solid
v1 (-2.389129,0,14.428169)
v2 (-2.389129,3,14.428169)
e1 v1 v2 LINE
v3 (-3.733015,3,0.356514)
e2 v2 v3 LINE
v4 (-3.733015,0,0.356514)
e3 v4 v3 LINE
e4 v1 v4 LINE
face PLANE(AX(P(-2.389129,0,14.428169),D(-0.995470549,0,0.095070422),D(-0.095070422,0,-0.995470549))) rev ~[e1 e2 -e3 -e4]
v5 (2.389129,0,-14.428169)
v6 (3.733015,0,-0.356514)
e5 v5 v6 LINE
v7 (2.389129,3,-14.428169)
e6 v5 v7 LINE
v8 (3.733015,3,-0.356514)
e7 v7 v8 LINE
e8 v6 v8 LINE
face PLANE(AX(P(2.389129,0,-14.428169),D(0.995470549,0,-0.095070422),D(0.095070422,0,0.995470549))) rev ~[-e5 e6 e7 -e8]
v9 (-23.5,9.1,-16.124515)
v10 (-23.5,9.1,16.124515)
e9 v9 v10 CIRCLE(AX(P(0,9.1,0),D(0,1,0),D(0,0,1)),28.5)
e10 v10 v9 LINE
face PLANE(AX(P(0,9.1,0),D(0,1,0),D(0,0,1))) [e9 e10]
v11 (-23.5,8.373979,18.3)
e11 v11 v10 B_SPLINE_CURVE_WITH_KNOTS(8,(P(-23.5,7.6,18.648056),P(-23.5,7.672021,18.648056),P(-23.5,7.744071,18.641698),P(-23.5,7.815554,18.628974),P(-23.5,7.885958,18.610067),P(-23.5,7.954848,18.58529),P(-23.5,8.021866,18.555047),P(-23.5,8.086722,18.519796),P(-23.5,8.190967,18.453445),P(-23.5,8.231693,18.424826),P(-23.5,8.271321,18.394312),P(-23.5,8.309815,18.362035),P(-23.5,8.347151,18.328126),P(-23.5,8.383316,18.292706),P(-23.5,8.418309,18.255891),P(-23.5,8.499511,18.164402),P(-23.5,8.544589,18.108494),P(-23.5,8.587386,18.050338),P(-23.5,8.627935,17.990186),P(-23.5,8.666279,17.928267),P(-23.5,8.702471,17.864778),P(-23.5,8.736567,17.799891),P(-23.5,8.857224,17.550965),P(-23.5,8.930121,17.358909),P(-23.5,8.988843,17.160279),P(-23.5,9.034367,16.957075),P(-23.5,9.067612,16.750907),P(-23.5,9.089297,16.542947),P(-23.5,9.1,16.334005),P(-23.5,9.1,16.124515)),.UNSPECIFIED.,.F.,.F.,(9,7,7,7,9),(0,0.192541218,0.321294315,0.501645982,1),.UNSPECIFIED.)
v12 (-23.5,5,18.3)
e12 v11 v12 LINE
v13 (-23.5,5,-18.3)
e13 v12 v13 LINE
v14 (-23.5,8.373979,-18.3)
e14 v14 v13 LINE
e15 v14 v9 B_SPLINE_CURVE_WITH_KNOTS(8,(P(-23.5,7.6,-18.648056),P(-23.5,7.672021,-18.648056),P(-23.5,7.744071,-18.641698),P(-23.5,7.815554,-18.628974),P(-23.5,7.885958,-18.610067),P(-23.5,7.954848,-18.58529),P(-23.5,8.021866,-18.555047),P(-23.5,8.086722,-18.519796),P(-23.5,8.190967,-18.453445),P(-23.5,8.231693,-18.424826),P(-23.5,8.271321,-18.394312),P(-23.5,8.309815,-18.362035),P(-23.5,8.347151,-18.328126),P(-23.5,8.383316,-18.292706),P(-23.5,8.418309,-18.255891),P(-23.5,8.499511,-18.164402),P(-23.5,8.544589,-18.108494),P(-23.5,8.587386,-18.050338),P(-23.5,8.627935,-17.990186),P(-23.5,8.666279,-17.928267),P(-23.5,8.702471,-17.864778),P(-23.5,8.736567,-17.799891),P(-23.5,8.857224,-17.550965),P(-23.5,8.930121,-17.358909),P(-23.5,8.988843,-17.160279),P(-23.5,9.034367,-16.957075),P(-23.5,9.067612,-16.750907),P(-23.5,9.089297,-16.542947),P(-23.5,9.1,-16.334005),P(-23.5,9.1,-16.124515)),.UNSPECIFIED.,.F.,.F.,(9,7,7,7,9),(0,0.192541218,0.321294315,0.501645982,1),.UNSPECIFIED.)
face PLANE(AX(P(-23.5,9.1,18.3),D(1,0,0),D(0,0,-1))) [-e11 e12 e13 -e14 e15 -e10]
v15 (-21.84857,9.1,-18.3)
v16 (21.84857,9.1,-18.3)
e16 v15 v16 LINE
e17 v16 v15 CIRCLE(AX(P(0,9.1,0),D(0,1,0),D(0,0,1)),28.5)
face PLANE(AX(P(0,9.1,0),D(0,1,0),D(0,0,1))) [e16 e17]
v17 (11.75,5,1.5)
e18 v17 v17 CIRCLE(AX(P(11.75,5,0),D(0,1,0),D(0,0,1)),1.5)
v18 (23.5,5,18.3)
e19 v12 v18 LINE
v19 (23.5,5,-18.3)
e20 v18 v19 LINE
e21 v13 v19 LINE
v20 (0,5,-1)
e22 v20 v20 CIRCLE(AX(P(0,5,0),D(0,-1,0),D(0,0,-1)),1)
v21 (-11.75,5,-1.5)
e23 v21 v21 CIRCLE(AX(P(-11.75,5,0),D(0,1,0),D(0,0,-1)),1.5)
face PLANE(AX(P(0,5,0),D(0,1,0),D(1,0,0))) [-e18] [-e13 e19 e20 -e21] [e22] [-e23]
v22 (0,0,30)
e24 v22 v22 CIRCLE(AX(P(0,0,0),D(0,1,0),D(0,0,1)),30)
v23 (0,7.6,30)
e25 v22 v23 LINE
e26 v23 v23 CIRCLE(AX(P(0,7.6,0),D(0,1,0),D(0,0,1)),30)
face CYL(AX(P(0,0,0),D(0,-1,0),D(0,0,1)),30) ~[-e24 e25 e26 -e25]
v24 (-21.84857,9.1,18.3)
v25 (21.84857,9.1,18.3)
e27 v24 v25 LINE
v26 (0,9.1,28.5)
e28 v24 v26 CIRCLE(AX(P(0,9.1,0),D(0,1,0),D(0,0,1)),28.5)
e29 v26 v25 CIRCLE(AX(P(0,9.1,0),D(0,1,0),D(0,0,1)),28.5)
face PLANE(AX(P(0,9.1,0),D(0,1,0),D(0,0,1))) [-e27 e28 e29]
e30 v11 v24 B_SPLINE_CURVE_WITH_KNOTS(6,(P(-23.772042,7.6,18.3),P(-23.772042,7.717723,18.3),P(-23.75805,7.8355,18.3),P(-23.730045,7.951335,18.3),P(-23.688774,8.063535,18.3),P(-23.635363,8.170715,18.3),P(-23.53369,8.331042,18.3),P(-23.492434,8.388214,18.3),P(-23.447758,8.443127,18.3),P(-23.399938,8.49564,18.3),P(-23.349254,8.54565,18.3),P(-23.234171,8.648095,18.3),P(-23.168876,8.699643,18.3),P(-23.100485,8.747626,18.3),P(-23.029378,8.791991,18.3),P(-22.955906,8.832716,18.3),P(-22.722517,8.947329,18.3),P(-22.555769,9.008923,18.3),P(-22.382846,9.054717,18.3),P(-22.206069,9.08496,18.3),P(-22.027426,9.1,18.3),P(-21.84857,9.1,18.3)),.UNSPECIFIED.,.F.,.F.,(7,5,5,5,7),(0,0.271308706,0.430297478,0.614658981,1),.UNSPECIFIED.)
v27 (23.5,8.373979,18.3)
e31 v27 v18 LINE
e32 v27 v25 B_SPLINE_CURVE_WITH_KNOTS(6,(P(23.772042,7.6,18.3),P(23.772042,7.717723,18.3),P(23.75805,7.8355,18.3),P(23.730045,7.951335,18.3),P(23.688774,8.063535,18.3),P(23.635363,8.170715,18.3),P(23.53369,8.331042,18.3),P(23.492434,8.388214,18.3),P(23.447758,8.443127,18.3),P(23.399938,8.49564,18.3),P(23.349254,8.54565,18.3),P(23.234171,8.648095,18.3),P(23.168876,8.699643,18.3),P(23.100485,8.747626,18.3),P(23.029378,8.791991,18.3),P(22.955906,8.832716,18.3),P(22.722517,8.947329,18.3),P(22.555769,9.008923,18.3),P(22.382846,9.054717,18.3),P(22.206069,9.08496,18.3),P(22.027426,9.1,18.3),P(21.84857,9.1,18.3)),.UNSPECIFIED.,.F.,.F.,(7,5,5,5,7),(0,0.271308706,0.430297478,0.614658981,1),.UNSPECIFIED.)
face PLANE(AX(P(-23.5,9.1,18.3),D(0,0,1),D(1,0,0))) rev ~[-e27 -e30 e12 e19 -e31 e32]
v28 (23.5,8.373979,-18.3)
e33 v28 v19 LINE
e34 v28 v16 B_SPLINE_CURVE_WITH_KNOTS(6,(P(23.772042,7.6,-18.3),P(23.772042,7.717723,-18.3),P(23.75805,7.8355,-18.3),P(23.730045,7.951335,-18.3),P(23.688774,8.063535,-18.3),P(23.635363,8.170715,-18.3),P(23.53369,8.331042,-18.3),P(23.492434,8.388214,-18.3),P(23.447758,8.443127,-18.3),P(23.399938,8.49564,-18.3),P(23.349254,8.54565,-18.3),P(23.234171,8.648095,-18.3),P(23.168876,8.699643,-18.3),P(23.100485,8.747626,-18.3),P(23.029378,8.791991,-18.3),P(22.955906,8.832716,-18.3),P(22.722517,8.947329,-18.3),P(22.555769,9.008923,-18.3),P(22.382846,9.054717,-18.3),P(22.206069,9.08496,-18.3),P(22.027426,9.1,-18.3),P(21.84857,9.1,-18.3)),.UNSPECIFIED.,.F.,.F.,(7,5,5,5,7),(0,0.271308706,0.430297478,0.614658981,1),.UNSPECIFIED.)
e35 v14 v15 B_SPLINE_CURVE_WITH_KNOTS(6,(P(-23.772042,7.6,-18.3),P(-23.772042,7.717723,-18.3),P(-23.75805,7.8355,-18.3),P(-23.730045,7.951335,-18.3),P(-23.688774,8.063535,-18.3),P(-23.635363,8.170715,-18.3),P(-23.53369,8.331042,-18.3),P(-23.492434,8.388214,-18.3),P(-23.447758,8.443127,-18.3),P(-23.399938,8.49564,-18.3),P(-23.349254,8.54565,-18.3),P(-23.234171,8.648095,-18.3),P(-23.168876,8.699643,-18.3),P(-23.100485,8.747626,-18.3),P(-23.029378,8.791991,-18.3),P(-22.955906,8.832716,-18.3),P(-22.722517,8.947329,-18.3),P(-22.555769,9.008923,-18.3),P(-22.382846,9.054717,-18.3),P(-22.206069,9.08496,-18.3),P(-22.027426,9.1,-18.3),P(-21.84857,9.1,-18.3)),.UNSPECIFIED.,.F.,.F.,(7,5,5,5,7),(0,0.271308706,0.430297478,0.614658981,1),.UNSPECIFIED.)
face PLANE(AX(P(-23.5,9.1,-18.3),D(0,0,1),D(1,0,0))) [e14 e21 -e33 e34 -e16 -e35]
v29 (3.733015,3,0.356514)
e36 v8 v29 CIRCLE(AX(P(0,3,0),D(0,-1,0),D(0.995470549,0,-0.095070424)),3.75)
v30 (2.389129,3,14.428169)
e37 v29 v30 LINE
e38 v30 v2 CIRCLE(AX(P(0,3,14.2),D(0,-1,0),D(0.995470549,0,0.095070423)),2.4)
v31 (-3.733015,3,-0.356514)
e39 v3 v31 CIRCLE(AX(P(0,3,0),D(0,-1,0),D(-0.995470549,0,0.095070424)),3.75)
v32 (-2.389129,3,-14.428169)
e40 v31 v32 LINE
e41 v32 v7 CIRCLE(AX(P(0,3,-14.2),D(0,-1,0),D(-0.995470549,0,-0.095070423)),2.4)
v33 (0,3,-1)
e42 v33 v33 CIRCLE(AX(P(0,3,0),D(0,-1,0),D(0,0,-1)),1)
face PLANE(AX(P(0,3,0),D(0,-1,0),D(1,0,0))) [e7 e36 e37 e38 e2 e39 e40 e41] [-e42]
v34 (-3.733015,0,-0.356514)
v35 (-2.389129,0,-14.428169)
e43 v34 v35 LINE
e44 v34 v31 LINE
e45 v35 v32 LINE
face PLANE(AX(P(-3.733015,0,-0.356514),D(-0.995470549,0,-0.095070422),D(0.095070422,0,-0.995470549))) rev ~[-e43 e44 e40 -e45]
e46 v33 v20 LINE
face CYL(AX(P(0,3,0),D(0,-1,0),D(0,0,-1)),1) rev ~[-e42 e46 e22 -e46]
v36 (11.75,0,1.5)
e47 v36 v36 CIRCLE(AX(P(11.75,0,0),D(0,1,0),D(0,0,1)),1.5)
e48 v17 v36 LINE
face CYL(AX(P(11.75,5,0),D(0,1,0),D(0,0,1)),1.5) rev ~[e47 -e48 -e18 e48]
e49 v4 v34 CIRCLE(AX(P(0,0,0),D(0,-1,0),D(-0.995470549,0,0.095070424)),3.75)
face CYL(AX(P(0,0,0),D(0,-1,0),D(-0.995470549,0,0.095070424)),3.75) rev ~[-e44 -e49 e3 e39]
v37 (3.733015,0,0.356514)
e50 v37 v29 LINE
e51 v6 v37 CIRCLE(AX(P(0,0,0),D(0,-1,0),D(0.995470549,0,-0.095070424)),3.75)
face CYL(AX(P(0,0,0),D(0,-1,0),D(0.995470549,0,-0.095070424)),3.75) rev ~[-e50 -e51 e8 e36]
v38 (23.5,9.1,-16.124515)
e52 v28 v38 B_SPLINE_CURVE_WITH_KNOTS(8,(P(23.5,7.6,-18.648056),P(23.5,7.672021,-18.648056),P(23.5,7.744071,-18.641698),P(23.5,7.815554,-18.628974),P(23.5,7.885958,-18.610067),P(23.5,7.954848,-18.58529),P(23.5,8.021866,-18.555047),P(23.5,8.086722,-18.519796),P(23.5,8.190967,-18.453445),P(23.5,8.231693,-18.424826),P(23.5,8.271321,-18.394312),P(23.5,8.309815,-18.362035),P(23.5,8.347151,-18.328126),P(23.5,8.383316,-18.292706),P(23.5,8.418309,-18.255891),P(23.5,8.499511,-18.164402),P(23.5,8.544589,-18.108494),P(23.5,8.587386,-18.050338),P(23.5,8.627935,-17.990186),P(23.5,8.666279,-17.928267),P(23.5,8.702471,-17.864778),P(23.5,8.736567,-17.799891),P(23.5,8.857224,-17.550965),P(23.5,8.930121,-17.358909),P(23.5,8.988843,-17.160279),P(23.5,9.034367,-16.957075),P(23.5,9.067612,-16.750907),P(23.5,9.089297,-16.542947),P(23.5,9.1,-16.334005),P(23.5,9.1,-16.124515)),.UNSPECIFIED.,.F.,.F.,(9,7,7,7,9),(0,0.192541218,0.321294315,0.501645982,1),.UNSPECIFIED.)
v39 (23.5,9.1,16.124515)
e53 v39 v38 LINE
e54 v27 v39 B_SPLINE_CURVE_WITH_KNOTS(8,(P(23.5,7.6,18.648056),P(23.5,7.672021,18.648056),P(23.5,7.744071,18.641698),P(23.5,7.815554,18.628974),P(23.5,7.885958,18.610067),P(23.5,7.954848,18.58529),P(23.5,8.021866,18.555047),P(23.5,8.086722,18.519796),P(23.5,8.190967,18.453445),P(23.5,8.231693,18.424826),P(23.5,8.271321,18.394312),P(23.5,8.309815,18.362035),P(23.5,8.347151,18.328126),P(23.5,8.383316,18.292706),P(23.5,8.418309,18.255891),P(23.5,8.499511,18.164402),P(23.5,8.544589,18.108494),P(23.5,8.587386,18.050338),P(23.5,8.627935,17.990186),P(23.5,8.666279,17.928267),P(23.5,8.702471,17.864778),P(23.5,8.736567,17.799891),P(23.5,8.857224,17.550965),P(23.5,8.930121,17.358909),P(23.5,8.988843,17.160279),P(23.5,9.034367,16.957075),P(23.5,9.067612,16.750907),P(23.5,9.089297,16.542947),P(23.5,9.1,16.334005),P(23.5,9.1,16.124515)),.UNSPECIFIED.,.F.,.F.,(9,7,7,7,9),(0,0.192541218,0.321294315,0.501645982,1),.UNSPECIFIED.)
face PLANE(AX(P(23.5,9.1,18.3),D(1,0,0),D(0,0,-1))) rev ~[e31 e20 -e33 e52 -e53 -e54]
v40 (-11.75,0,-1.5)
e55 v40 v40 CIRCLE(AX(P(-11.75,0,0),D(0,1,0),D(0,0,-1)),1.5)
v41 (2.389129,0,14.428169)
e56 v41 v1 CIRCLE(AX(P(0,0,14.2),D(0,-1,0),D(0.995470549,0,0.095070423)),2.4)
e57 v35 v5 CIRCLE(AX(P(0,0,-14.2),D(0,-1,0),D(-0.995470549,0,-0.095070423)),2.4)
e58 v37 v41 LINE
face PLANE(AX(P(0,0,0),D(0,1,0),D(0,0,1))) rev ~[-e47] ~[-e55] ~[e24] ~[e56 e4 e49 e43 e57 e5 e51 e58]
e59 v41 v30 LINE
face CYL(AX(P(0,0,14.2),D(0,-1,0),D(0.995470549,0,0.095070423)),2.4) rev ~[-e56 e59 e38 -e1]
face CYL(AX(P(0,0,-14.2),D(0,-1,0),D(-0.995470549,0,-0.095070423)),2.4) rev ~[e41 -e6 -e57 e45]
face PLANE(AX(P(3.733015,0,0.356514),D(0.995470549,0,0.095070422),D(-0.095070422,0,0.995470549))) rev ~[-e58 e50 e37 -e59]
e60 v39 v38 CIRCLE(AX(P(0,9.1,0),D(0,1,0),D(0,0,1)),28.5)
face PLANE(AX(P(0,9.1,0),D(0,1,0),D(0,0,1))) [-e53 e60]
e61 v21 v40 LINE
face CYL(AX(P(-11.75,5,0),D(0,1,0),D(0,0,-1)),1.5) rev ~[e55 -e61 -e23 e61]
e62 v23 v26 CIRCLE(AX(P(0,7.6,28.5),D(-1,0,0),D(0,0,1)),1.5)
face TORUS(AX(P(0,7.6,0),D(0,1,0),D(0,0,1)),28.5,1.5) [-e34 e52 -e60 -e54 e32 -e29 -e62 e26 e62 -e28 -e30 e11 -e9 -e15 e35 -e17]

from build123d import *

# Parameters (mm, degrees)
SKETCH1_R           = 30
BOSS_EXTRUDE1_DEPTH = 9.1
FILLET1_R           = 1.5
SKETCH2_W           = 47
SKETCH2_H           = 36.6
CUT_EXTRUDE1_DEPTH  = 4.1
SKETCH3_R           = 1.5
CUT_EXTRUDE2_DEPTH  = 43.720018867
CUT_EXTRUDE3_DEPTH  = 3
SKETCH5_R           = 1
CUT_EXTRUDE4_DEPTH  = 43.862687891


with BuildPart() as part:
    # Sketch1 → Boss-Extrude1 (new body)
    with BuildSketch(Plane(origin=(0, 0, 0), x_dir=(1, 0, 0), z_dir=(0, 1, 0))):
        with Locations(Location((0, 0, 0), (0, 0, 270))):
            Circle(SKETCH1_R)
    extrude(amount=BOSS_EXTRUDE1_DEPTH)

    # Fillet1
    fillet1_edges = [part.edges().sort_by_distance(p)[0] for p in [
        (0, 9.1, -30),
    ]]
    fillet(fillet1_edges, radius=FILLET1_R)

    # Sketch2 → Cut-Extrude1 (cut)
    with BuildSketch(Plane(origin=(0, 9.1, 0), x_dir=(1, 0, 0), z_dir=(0, 1, 0))):
        Rectangle(SKETCH2_W, SKETCH2_H)
    extrude(amount=-CUT_EXTRUDE1_DEPTH, mode=Mode.SUBTRACT)

    # Sketch3 → Cut-Extrude2 (cut, through all)
    with BuildSketch(Plane(origin=(0, 5, 0), x_dir=(1, 0, 0), z_dir=(0, 1, 0))):
        with Locations(Location((11.75, 0, 0), (0, 0, 270))):
            Circle(SKETCH3_R)
        with Locations(Location((-11.75, 0, 0), (0, 0, 90))):
            Circle(SKETCH3_R)
    extrude(amount=-CUT_EXTRUDE2_DEPTH, mode=Mode.SUBTRACT)

    # Sketch4 → Cut-Extrude3 (cut)
    with BuildSketch(Plane.XZ):
        with BuildLine():
            Line((-2.389129319, 14.428169014), (-3.73301456, 0.356514085))
            ThreePointArc((-3.73301456, 0.356514085), (-3.75, 0), (-3.73301456, -0.356514085))
            Line((-3.73301456, -0.356514085), (-2.389129319, -14.428169014))
            ThreePointArc((-2.389129319, -14.428169014), (0, -16.6), (2.389129319, -14.428169014))
            Line((2.389129319, -14.428169014), (3.73301456, -0.356514085))
            ThreePointArc((3.73301456, -0.356514085), (3.75, 0), (3.73301456, 0.356514085))
            Line((3.73301456, 0.356514085), (2.389129319, 14.428169014))
            ThreePointArc((2.389129319, 14.428169014), (0, 16.6), (-2.389129319, 14.428169014))
        make_face()
    extrude(amount=-CUT_EXTRUDE3_DEPTH, mode=Mode.SUBTRACT)

    # Sketch5 → Cut-Extrude4 (cut, through all)
    with BuildSketch(Plane.XZ.offset(-3)):
        with Locations(Location((0, 0, 0), (0, 0, 270))):
            Circle(SKETCH5_R)
    extrude(amount=-CUT_EXTRUDE4_DEPTH, mode=Mode.SUBTRACT)


solid = part.part
